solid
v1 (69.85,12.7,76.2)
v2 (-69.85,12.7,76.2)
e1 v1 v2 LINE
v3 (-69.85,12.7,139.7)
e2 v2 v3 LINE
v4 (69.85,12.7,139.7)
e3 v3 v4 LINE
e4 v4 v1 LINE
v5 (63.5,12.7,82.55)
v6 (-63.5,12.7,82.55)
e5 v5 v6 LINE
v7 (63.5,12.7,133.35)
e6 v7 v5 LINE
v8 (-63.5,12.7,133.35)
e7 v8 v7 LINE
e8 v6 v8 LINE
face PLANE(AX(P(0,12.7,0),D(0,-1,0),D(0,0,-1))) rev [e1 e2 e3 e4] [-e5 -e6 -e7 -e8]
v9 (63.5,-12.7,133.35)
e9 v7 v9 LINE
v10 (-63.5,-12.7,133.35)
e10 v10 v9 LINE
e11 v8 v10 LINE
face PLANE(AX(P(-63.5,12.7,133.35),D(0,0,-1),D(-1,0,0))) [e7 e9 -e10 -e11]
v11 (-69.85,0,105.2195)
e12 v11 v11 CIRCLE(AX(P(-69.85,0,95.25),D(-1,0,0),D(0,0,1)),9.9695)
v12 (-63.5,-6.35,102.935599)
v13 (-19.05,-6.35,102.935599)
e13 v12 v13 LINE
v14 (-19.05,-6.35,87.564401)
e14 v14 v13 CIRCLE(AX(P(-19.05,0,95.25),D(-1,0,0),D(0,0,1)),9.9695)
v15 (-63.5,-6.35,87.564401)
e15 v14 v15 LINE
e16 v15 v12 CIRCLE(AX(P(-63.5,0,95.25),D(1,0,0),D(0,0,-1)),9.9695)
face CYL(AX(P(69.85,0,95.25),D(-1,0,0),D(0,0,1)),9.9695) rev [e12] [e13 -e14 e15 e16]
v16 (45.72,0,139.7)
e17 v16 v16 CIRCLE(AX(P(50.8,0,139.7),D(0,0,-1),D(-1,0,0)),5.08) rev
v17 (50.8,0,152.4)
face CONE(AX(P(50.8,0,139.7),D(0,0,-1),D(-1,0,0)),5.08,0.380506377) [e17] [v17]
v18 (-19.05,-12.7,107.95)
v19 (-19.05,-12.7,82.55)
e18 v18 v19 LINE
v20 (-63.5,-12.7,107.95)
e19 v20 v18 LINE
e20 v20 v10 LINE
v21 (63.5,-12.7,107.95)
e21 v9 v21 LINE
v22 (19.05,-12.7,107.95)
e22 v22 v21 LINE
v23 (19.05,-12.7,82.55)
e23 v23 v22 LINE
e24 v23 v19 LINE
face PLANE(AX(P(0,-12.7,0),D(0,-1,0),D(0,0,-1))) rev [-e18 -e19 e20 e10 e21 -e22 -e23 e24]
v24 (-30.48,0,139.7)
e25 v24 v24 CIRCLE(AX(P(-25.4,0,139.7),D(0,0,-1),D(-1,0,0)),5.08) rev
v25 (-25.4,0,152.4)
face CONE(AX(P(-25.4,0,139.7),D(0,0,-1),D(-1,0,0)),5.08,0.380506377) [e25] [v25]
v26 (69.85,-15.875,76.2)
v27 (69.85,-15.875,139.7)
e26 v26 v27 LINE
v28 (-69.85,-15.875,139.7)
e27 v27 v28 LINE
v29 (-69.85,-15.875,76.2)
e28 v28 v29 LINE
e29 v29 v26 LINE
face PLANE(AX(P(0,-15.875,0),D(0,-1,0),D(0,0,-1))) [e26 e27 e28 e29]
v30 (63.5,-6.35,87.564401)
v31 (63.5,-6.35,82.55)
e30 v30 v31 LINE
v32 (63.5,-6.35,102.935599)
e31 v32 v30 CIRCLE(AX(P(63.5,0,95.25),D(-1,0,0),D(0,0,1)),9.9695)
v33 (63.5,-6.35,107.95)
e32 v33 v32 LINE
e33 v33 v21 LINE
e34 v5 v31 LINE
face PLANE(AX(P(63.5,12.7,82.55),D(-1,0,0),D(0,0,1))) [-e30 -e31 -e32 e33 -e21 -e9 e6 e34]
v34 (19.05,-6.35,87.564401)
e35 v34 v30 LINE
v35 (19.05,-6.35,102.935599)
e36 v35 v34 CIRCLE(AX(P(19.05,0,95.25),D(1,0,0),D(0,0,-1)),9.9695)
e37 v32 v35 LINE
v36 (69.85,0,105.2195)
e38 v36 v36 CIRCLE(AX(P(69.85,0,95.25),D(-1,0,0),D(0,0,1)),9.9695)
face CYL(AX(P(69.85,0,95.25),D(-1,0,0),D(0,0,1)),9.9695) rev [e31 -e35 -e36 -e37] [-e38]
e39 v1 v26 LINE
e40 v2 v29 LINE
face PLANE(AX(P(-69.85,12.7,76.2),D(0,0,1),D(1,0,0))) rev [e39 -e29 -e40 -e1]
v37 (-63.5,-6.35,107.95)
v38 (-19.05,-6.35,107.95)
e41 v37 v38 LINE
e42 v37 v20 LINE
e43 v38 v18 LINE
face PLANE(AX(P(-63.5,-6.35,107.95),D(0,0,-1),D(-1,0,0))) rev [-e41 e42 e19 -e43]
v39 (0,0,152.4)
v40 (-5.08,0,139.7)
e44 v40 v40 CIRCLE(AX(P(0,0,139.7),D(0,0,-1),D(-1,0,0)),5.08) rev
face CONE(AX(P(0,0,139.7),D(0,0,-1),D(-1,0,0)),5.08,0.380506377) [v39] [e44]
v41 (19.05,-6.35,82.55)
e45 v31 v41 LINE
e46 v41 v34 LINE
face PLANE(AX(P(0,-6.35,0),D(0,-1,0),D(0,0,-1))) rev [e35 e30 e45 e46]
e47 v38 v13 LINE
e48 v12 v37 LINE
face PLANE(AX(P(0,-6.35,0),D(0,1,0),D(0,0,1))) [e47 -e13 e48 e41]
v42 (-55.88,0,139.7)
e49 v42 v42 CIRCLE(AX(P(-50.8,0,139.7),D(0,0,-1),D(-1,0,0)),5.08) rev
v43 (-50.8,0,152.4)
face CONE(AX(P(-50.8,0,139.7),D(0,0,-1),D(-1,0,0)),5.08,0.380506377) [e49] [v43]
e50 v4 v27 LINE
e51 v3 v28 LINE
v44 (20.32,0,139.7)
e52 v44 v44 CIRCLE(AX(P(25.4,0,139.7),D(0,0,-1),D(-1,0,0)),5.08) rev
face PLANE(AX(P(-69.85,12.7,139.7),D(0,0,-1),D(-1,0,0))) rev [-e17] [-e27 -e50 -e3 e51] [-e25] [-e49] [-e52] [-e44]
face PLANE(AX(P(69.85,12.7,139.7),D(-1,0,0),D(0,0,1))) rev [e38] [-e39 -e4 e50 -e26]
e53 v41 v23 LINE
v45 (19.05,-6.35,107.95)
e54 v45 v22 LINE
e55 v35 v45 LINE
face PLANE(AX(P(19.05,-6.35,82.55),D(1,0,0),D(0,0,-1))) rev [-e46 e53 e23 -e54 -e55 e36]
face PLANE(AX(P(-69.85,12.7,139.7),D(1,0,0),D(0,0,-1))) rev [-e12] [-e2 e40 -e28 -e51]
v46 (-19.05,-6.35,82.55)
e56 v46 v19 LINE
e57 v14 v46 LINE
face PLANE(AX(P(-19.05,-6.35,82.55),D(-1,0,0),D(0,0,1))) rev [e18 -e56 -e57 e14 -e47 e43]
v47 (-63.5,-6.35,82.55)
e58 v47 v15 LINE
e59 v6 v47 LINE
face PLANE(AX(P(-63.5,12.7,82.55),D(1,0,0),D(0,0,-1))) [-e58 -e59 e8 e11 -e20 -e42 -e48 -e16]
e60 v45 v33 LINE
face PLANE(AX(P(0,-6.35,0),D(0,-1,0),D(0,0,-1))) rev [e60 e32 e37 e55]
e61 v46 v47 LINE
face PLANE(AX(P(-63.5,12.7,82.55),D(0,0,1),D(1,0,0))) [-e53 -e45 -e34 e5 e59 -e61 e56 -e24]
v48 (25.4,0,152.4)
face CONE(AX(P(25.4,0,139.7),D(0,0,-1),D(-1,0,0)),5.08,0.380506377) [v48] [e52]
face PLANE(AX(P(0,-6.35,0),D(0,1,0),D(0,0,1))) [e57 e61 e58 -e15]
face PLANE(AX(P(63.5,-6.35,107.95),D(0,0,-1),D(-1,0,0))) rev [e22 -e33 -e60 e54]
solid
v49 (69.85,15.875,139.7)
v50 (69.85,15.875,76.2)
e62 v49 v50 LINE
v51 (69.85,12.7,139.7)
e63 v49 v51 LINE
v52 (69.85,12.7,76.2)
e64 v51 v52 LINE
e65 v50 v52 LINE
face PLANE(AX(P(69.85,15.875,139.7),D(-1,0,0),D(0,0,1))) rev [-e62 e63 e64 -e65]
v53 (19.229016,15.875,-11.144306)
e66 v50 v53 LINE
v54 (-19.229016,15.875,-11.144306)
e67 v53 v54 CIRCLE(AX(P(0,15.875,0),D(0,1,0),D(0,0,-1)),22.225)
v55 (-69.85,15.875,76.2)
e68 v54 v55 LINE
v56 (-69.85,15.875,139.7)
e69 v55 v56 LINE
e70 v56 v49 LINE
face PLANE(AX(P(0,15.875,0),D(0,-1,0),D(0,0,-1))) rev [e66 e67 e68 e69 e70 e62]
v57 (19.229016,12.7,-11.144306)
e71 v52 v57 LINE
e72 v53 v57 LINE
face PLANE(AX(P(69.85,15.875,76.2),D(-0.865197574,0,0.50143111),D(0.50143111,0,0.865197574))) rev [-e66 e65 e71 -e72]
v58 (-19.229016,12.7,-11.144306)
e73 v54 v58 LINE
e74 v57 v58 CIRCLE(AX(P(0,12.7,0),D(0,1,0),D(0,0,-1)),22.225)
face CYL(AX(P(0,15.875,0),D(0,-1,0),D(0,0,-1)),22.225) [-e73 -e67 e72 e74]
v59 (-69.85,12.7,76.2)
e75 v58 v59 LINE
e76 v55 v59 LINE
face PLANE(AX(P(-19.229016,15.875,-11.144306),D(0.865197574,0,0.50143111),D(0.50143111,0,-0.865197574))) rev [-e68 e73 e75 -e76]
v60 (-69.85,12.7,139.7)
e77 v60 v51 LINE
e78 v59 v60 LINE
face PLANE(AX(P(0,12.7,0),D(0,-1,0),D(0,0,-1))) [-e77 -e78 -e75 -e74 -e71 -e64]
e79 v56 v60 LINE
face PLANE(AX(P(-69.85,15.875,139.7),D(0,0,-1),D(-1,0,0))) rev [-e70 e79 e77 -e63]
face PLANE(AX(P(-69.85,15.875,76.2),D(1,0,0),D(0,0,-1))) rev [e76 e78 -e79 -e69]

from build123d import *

# Parameters (mm, degrees)
SKETCH3_W                = 139.7
SKETCH3_H                = 63.5
SKETCH3_W_2              = 127
SKETCH3_H_2              = 50.8
BOSS_EXTRUDE1_DEPTH      = 12.7
BOSS_EXTRUDE1_DEPTH_BACK = 12.7
SKETCH4_W                = 139.7
SKETCH4_H                = 63.5
BOSS_EXTRUDE2_DEPTH      = 3.175
BOSS_EXTRUDE3_DEPTH      = 3.175
SKETCH7_W                = 44.45
SKETCH7_H                = 25.4
BOSS_EXTRUDE4_DEPTH      = 6.35
SKETCH6_R                = 9.9695
CUT_EXTRUDE1_DEPTH       = 140.7
LPATTERN1_COUNT          = 3
LPATTERN1_PITCH          = 25.4
LPATTERN1_COL_COUNT      = 3
LPATTERN1_COL_PITCH      = 25.4


with BuildPart() as part:
    # Sketch3 → Boss-Extrude1 (new body, two sides)
    with BuildSketch(Plane(origin=(0, 0, 0), x_dir=(1, 0, 0), z_dir=(0, 1, 0))) as boss_extrude1_sk:
        with Locations((0, -107.95)):
            Rectangle(SKETCH3_W, SKETCH3_H)
        with Locations((0, -107.95)):
            Rectangle(SKETCH3_W_2, SKETCH3_H_2, mode=Mode.SUBTRACT)
    extrude(amount=BOSS_EXTRUDE1_DEPTH)
    extrude(boss_extrude1_sk.sketch, amount=-BOSS_EXTRUDE1_DEPTH_BACK)

    # Sketch4 → Boss-Extrude2 (add)
    with BuildSketch(Plane.XZ.offset(12.7)):
        with Locations((0, 107.95)):
            Rectangle(SKETCH4_W, SKETCH4_H)
    extrude(amount=BOSS_EXTRUDE2_DEPTH)

    # Sketch7 → Boss-Extrude4 (add)
    with BuildSketch(Plane(origin=(0, -12.7, 0), x_dir=(1, 0, 0), z_dir=(0, 1, 0))):
        with Locations((-41.275, -95.25)):
            Rectangle(SKETCH7_W, SKETCH7_H)
        with Locations((41.275, -95.25)):
            Rectangle(SKETCH7_W, SKETCH7_H)
    extrude(amount=BOSS_EXTRUDE4_DEPTH)

    # Sketch6 → Cut-Extrude1 (cut, through all)
    with BuildSketch(Plane.ZY.offset(69.85)):
        with Locations((95.25, 0)):
            Circle(SKETCH6_R)
    extrude(amount=-CUT_EXTRUDE1_DEPTH, mode=Mode.SUBTRACT)

    # Sketch9 → Revolve1 (revolve)
    with BuildSketch(Plane(origin=(0, 0, 0), x_dir=(0, 0, -1), z_dir=(1, 0, 0))):
        Polygon((-139.7, 0), (-139.7, 5.08), (-152.4, 0), align=None)
    revolve1 = revolve(axis=Axis((0, 0, 152.4), (0, 0, -1)))

    # LPattern1: Revolve1 ×3
    with Locations(*[(-i * LPATTERN1_PITCH, 0, 0) for i in range(1, LPATTERN1_COUNT)]):
        add(revolve1)

    # LPattern1 col: Revolve1 ×3
    with Locations(*[(i * LPATTERN1_COL_PITCH, 0, 0) for i in range(1, LPATTERN1_COL_COUNT)]):
        add(revolve1)


with BuildPart() as body_2:
    # Sketch5 → Boss-Extrude3 (new body)
    with BuildSketch(Plane(origin=(0, 12.7, 0), x_dir=(1, 0, 0), z_dir=(0, 1, 0))):
        with BuildLine():
            Line((-19.229016085, 11.144306411), (-69.85, -76.2))
            Line((-69.85, -76.2), (-69.85, -139.7))
            Line((-69.85, -139.7), (69.85, -139.7))
            Line((69.85, -139.7), (69.85, -76.2))
            Line((69.85, -76.2), (19.229016085, 11.144306411))
            ThreePointArc((19.229016085, 11.144306411), (0, 22.225), (-19.229016085, 11.144306411))
        make_face()
    extrude(amount=BOSS_EXTRUDE3_DEPTH)


solid = Compound([part.part, body_2.part])
